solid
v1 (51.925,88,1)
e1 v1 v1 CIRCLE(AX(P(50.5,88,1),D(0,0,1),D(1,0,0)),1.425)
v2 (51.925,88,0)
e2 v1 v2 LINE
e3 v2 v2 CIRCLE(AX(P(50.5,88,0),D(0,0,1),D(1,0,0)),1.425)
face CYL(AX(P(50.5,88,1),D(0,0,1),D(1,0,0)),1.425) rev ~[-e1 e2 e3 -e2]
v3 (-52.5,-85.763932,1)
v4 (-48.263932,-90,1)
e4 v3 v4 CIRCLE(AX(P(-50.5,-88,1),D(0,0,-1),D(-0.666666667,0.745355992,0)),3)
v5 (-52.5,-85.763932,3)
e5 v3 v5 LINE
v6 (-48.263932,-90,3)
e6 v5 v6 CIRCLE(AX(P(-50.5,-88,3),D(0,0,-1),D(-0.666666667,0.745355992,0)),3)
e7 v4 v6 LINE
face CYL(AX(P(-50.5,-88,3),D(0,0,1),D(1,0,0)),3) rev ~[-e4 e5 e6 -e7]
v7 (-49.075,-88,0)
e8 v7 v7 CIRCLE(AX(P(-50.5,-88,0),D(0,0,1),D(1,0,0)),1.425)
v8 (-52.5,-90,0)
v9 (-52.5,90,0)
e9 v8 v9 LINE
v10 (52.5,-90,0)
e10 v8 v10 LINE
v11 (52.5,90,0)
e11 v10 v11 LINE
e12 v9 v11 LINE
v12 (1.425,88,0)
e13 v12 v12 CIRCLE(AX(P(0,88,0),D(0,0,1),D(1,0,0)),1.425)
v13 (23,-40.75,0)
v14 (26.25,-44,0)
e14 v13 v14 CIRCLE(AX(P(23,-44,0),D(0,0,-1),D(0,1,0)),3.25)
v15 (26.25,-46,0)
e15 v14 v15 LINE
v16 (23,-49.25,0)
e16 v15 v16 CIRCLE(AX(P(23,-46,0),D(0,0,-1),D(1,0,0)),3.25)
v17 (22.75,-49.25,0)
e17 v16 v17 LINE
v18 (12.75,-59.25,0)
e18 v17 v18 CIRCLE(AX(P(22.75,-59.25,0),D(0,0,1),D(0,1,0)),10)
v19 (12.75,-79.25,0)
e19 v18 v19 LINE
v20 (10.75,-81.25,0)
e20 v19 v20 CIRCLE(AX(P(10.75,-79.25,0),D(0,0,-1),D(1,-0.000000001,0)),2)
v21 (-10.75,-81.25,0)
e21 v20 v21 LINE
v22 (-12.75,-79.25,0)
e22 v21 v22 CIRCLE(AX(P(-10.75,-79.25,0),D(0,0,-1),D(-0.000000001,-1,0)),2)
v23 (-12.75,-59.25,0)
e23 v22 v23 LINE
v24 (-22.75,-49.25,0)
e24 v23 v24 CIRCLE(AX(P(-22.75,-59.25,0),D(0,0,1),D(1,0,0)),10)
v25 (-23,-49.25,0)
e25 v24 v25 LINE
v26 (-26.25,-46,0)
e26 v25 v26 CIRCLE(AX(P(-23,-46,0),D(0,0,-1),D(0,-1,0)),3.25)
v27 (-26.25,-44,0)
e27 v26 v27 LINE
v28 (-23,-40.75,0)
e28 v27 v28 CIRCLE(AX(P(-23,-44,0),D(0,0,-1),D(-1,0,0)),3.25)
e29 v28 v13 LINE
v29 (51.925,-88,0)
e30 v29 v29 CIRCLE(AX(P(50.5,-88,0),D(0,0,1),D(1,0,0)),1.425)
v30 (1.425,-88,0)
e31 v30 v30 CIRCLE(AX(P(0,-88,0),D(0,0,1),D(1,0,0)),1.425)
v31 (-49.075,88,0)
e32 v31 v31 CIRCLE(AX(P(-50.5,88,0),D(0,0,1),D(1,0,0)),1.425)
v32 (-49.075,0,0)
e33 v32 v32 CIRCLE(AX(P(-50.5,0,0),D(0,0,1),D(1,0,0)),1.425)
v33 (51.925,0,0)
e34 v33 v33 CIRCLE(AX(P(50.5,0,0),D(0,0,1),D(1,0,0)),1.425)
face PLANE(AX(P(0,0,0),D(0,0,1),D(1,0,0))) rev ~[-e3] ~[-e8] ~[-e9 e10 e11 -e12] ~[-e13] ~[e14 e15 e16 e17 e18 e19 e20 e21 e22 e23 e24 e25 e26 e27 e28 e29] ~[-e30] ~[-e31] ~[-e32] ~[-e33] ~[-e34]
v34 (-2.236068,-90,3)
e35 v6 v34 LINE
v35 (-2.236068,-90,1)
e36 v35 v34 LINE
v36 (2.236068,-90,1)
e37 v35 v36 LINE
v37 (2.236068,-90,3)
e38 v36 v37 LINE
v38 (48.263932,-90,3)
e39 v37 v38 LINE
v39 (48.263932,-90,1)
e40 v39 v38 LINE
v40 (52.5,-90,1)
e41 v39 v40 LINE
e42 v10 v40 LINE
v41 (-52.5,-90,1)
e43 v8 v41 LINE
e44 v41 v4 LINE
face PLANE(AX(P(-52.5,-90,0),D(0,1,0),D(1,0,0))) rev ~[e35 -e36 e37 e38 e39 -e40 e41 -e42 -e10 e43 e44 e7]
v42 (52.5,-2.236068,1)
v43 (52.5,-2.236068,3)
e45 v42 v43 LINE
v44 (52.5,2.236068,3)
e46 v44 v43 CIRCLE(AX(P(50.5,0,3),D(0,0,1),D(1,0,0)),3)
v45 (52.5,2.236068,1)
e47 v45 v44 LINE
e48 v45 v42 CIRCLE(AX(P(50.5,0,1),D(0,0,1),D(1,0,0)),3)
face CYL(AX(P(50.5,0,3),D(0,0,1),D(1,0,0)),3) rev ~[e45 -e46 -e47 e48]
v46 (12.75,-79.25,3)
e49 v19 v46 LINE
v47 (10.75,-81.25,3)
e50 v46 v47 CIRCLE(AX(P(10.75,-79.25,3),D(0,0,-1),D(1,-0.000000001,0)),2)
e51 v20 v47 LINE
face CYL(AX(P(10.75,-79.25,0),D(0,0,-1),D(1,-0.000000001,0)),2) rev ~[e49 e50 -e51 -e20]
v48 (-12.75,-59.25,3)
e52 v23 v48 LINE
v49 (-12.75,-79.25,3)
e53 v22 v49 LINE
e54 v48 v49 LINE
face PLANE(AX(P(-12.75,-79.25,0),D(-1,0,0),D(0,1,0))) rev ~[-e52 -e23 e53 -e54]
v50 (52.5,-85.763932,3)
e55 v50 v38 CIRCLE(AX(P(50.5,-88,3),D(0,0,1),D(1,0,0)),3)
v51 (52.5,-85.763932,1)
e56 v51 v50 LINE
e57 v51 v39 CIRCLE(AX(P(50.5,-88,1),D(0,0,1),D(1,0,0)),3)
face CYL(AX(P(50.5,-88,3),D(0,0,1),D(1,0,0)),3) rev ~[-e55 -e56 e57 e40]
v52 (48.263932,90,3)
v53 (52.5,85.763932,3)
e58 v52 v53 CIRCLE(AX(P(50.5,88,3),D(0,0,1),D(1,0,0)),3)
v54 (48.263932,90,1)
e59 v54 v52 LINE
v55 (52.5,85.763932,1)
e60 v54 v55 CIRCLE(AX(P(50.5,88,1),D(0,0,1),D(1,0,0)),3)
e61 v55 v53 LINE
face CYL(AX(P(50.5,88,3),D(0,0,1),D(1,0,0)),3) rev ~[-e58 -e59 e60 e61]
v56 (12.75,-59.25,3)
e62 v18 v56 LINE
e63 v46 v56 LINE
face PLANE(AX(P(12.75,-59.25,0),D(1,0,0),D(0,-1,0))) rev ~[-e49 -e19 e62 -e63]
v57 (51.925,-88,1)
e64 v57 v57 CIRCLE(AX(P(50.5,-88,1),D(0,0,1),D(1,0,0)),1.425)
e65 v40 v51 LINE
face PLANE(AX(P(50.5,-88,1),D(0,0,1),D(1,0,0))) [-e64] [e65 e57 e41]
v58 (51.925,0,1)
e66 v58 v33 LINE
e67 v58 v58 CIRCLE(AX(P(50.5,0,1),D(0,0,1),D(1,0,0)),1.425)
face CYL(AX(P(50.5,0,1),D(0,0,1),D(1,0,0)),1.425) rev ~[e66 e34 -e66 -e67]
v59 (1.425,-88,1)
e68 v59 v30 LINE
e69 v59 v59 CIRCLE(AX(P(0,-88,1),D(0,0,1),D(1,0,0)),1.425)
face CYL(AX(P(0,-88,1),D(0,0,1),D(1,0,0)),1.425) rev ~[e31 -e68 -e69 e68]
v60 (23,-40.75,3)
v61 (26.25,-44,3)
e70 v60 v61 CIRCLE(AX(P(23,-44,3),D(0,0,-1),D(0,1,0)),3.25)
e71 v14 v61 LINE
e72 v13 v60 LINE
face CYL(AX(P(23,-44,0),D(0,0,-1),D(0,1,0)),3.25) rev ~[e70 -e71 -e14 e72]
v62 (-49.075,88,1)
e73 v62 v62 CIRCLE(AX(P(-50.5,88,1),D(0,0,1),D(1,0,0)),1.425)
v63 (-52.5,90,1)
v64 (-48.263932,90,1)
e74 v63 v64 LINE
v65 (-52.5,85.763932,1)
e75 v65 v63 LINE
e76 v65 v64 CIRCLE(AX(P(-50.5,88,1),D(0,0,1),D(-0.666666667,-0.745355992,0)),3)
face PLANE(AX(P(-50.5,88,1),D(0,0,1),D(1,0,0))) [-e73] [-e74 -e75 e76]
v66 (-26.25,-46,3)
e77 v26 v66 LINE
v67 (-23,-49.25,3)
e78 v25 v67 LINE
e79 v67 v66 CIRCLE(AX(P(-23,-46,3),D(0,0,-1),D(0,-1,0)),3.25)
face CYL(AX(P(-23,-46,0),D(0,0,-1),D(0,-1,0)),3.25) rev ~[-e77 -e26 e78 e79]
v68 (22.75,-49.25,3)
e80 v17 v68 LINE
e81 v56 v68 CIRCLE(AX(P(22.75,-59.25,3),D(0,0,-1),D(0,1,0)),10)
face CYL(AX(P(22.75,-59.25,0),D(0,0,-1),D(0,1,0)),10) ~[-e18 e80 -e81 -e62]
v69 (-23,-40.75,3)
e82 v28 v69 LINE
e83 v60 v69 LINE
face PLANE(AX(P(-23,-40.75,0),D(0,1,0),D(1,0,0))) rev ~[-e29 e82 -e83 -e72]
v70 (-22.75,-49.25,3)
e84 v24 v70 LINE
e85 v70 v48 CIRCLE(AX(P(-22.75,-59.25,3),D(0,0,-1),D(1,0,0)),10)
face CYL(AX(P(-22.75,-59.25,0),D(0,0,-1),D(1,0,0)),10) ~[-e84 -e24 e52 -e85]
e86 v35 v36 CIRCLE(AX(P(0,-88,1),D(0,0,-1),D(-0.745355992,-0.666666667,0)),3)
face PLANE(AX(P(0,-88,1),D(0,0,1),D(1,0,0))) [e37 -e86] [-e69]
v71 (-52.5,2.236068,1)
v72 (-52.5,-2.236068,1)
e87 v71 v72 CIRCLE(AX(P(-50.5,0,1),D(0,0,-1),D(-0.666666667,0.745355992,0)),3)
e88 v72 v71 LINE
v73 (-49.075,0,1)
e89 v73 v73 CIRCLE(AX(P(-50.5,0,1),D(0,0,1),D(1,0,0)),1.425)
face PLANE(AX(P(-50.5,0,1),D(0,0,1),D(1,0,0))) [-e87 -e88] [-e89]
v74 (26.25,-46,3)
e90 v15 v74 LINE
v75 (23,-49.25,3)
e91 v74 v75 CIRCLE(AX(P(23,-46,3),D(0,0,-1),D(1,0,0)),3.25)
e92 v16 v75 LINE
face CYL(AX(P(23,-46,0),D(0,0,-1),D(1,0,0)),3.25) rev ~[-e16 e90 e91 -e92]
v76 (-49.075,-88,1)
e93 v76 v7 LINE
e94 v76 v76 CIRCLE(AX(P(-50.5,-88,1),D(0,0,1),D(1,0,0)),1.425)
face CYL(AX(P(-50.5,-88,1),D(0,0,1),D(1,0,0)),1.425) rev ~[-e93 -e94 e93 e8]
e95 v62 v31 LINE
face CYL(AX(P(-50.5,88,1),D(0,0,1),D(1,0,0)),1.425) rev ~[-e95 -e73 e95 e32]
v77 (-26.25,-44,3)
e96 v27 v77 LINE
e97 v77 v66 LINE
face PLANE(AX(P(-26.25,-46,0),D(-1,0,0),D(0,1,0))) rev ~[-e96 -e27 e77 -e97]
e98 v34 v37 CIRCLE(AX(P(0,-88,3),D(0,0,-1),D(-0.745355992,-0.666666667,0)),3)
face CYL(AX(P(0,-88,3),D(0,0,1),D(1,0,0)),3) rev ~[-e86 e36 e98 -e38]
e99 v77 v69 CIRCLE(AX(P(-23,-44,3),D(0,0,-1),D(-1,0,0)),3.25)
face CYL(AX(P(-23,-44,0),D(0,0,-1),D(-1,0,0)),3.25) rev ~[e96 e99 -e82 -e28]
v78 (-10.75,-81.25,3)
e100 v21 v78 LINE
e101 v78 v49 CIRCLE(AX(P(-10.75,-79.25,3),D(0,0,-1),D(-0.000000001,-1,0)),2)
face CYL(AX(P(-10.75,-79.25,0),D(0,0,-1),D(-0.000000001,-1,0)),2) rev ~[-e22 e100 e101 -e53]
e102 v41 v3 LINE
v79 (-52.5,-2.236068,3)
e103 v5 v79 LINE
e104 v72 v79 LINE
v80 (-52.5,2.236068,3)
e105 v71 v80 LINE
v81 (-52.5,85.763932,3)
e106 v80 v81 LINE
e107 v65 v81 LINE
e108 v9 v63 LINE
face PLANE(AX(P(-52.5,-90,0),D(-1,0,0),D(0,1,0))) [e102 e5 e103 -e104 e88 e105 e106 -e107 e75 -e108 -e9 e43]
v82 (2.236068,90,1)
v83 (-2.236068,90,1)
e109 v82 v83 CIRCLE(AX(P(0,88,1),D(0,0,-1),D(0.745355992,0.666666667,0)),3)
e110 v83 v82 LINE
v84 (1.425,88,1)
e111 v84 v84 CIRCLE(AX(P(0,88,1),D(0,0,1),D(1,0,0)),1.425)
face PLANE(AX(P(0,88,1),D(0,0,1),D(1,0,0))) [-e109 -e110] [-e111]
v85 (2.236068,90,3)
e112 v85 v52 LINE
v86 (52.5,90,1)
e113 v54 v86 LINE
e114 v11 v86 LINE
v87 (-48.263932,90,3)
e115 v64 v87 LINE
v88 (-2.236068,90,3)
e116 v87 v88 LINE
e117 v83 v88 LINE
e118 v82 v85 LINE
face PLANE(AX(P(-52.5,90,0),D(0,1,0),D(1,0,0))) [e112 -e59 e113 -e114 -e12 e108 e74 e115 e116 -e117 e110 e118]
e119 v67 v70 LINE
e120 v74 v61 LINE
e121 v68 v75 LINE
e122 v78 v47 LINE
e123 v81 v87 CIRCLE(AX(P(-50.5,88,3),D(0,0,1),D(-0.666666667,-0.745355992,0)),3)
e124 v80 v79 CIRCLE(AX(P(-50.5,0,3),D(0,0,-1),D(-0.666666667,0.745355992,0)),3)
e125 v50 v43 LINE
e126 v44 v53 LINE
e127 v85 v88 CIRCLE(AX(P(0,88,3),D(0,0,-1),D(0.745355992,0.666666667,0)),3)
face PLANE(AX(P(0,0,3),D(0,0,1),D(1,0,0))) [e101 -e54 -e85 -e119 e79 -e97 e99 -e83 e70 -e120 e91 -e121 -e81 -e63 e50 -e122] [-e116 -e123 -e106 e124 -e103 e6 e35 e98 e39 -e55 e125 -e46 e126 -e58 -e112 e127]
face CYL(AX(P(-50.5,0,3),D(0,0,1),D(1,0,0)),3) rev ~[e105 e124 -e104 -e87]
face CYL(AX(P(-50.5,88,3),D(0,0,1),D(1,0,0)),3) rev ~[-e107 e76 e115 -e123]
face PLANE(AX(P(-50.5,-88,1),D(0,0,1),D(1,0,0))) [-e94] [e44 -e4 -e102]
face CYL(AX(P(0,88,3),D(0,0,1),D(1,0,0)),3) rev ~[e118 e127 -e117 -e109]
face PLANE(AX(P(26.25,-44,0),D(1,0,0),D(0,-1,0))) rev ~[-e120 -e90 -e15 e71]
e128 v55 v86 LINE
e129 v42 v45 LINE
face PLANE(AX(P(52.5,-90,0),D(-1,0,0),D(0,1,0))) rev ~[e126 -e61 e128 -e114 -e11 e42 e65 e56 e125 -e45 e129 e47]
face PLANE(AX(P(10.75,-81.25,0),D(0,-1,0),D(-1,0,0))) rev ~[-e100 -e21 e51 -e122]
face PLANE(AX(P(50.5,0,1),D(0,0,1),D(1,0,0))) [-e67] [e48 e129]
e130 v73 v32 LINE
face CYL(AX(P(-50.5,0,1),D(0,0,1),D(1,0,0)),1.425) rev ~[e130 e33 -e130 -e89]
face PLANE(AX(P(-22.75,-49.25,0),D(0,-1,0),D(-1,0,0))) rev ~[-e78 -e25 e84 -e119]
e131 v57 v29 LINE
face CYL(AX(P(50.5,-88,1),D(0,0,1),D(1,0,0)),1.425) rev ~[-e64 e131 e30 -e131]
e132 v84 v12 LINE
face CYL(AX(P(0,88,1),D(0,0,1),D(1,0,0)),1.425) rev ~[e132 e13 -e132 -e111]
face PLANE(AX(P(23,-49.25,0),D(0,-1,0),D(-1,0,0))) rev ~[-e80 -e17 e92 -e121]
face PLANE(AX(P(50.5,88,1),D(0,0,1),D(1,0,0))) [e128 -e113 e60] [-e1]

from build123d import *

# Parameters (mm, degrees)
SKETCH_1_W          = 105
SKETCH_1_H          = 180
EXTRUDE_1_DEPTH     = 3
CUT_EXTRUDE_1_DEPTH = 10
SKETCH_3_R          = 3
CUT_EXTRUDE_2_DEPTH = 2
SKETCH_4_R          = 1.425
CUT_EXTRUDE_3_DEPTH = 2


with BuildPart() as part:
    # Эскиз1 → Бобышка-Вытянуть1 (new body)
    with BuildSketch(Plane.XY):
        Rectangle(SKETCH_1_W, SKETCH_1_H)
    extrude(amount=EXTRUDE_1_DEPTH)

    # Эскиз2 → Вырез-Вытянуть1 (cut)
    with BuildSketch(Plane(origin=(0, 0, 0), x_dir=(-1, 0, 0), z_dir=(0, 0, -1))):
        with BuildLine():
            Line((-26.25, -44), (-26.25, -46))
            ThreePointArc((-26.25, -46), (-25.298097039, -48.298097039), (-23, -49.25))
            Line((-23, -49.25), (-22.75, -49.25))
            ThreePointArc((-22.75, -49.25), (-15.678932188, -52.178932188), (-12.75, -59.25))
            Line((-12.75, -59.25), (-12.75, -79.25))
            ThreePointArc((-12.75, -79.25), (-12.164213562, -80.664213562), (-10.75, -81.25))
            Line((-10.75, -81.25), (10.75, -81.25))
            ThreePointArc((10.75, -81.25), (12.164213562, -80.664213562), (12.75, -79.25))
            Line((12.75, -79.25), (12.75, -59.25))
            ThreePointArc((12.75, -59.25), (15.678932188, -52.178932188), (22.75, -49.25))
            Line((22.75, -49.25), (23, -49.25))
            ThreePointArc((23, -49.25), (25.298097039, -48.298097039), (26.25, -46))
            Line((26.25, -46), (26.25, -44))
            ThreePointArc((26.25, -44), (25.298097039, -41.701902961), (23, -40.75))
            Line((23, -40.75), (-23, -40.75))
            ThreePointArc((-23, -40.75), (-25.298097039, -41.701902961), (-26.25, -44))
        make_face()
    extrude(amount=-CUT_EXTRUDE_1_DEPTH, mode=Mode.SUBTRACT)

    # Эскиз3 → Вырез-Вытянуть2 (cut)
    with BuildSketch(Plane.XY.offset(3)):
        with Locations((-50.5, 88)):
            Circle(SKETCH_3_R)
        with Locations((0, 88)):
            Circle(SKETCH_3_R)
        with Locations((50.5, 88)):
            Circle(SKETCH_3_R)
        with Locations((50.5, 0)):
            Circle(SKETCH_3_R)
        with Locations((50.5, -88)):
            Circle(SKETCH_3_R)
        with Locations((0, -88)):
            Circle(SKETCH_3_R)
        with Locations((-50.5, -88)):
            Circle(SKETCH_3_R)
        with Locations((-50.5, 0)):
            Circle(SKETCH_3_R)
    extrude(amount=-CUT_EXTRUDE_2_DEPTH, mode=Mode.SUBTRACT)

    # Эскиз4 → Вырез-Вытянуть3 (cut)
    with BuildSketch(Plane.XY.offset(1)):
        with Locations((-50.5, 88)):
            Circle(SKETCH_4_R)
        with Locations((0, 88)):
            Circle(SKETCH_4_R)
        with Locations((50.5, 88)):
            Circle(SKETCH_4_R)
        with Locations((50.5, 0)):
            Circle(SKETCH_4_R)
        with Locations((50.5, -88)):
            Circle(SKETCH_4_R)
        with Locations((0, -88)):
            Circle(SKETCH_4_R)
        with Locations((-50.5, -88)):
            Circle(SKETCH_4_R)
        with Locations((-50.5, 0)):
            Circle(SKETCH_4_R)
    extrude(amount=-CUT_EXTRUDE_3_DEPTH, mode=Mode.SUBTRACT)


solid = part.part
